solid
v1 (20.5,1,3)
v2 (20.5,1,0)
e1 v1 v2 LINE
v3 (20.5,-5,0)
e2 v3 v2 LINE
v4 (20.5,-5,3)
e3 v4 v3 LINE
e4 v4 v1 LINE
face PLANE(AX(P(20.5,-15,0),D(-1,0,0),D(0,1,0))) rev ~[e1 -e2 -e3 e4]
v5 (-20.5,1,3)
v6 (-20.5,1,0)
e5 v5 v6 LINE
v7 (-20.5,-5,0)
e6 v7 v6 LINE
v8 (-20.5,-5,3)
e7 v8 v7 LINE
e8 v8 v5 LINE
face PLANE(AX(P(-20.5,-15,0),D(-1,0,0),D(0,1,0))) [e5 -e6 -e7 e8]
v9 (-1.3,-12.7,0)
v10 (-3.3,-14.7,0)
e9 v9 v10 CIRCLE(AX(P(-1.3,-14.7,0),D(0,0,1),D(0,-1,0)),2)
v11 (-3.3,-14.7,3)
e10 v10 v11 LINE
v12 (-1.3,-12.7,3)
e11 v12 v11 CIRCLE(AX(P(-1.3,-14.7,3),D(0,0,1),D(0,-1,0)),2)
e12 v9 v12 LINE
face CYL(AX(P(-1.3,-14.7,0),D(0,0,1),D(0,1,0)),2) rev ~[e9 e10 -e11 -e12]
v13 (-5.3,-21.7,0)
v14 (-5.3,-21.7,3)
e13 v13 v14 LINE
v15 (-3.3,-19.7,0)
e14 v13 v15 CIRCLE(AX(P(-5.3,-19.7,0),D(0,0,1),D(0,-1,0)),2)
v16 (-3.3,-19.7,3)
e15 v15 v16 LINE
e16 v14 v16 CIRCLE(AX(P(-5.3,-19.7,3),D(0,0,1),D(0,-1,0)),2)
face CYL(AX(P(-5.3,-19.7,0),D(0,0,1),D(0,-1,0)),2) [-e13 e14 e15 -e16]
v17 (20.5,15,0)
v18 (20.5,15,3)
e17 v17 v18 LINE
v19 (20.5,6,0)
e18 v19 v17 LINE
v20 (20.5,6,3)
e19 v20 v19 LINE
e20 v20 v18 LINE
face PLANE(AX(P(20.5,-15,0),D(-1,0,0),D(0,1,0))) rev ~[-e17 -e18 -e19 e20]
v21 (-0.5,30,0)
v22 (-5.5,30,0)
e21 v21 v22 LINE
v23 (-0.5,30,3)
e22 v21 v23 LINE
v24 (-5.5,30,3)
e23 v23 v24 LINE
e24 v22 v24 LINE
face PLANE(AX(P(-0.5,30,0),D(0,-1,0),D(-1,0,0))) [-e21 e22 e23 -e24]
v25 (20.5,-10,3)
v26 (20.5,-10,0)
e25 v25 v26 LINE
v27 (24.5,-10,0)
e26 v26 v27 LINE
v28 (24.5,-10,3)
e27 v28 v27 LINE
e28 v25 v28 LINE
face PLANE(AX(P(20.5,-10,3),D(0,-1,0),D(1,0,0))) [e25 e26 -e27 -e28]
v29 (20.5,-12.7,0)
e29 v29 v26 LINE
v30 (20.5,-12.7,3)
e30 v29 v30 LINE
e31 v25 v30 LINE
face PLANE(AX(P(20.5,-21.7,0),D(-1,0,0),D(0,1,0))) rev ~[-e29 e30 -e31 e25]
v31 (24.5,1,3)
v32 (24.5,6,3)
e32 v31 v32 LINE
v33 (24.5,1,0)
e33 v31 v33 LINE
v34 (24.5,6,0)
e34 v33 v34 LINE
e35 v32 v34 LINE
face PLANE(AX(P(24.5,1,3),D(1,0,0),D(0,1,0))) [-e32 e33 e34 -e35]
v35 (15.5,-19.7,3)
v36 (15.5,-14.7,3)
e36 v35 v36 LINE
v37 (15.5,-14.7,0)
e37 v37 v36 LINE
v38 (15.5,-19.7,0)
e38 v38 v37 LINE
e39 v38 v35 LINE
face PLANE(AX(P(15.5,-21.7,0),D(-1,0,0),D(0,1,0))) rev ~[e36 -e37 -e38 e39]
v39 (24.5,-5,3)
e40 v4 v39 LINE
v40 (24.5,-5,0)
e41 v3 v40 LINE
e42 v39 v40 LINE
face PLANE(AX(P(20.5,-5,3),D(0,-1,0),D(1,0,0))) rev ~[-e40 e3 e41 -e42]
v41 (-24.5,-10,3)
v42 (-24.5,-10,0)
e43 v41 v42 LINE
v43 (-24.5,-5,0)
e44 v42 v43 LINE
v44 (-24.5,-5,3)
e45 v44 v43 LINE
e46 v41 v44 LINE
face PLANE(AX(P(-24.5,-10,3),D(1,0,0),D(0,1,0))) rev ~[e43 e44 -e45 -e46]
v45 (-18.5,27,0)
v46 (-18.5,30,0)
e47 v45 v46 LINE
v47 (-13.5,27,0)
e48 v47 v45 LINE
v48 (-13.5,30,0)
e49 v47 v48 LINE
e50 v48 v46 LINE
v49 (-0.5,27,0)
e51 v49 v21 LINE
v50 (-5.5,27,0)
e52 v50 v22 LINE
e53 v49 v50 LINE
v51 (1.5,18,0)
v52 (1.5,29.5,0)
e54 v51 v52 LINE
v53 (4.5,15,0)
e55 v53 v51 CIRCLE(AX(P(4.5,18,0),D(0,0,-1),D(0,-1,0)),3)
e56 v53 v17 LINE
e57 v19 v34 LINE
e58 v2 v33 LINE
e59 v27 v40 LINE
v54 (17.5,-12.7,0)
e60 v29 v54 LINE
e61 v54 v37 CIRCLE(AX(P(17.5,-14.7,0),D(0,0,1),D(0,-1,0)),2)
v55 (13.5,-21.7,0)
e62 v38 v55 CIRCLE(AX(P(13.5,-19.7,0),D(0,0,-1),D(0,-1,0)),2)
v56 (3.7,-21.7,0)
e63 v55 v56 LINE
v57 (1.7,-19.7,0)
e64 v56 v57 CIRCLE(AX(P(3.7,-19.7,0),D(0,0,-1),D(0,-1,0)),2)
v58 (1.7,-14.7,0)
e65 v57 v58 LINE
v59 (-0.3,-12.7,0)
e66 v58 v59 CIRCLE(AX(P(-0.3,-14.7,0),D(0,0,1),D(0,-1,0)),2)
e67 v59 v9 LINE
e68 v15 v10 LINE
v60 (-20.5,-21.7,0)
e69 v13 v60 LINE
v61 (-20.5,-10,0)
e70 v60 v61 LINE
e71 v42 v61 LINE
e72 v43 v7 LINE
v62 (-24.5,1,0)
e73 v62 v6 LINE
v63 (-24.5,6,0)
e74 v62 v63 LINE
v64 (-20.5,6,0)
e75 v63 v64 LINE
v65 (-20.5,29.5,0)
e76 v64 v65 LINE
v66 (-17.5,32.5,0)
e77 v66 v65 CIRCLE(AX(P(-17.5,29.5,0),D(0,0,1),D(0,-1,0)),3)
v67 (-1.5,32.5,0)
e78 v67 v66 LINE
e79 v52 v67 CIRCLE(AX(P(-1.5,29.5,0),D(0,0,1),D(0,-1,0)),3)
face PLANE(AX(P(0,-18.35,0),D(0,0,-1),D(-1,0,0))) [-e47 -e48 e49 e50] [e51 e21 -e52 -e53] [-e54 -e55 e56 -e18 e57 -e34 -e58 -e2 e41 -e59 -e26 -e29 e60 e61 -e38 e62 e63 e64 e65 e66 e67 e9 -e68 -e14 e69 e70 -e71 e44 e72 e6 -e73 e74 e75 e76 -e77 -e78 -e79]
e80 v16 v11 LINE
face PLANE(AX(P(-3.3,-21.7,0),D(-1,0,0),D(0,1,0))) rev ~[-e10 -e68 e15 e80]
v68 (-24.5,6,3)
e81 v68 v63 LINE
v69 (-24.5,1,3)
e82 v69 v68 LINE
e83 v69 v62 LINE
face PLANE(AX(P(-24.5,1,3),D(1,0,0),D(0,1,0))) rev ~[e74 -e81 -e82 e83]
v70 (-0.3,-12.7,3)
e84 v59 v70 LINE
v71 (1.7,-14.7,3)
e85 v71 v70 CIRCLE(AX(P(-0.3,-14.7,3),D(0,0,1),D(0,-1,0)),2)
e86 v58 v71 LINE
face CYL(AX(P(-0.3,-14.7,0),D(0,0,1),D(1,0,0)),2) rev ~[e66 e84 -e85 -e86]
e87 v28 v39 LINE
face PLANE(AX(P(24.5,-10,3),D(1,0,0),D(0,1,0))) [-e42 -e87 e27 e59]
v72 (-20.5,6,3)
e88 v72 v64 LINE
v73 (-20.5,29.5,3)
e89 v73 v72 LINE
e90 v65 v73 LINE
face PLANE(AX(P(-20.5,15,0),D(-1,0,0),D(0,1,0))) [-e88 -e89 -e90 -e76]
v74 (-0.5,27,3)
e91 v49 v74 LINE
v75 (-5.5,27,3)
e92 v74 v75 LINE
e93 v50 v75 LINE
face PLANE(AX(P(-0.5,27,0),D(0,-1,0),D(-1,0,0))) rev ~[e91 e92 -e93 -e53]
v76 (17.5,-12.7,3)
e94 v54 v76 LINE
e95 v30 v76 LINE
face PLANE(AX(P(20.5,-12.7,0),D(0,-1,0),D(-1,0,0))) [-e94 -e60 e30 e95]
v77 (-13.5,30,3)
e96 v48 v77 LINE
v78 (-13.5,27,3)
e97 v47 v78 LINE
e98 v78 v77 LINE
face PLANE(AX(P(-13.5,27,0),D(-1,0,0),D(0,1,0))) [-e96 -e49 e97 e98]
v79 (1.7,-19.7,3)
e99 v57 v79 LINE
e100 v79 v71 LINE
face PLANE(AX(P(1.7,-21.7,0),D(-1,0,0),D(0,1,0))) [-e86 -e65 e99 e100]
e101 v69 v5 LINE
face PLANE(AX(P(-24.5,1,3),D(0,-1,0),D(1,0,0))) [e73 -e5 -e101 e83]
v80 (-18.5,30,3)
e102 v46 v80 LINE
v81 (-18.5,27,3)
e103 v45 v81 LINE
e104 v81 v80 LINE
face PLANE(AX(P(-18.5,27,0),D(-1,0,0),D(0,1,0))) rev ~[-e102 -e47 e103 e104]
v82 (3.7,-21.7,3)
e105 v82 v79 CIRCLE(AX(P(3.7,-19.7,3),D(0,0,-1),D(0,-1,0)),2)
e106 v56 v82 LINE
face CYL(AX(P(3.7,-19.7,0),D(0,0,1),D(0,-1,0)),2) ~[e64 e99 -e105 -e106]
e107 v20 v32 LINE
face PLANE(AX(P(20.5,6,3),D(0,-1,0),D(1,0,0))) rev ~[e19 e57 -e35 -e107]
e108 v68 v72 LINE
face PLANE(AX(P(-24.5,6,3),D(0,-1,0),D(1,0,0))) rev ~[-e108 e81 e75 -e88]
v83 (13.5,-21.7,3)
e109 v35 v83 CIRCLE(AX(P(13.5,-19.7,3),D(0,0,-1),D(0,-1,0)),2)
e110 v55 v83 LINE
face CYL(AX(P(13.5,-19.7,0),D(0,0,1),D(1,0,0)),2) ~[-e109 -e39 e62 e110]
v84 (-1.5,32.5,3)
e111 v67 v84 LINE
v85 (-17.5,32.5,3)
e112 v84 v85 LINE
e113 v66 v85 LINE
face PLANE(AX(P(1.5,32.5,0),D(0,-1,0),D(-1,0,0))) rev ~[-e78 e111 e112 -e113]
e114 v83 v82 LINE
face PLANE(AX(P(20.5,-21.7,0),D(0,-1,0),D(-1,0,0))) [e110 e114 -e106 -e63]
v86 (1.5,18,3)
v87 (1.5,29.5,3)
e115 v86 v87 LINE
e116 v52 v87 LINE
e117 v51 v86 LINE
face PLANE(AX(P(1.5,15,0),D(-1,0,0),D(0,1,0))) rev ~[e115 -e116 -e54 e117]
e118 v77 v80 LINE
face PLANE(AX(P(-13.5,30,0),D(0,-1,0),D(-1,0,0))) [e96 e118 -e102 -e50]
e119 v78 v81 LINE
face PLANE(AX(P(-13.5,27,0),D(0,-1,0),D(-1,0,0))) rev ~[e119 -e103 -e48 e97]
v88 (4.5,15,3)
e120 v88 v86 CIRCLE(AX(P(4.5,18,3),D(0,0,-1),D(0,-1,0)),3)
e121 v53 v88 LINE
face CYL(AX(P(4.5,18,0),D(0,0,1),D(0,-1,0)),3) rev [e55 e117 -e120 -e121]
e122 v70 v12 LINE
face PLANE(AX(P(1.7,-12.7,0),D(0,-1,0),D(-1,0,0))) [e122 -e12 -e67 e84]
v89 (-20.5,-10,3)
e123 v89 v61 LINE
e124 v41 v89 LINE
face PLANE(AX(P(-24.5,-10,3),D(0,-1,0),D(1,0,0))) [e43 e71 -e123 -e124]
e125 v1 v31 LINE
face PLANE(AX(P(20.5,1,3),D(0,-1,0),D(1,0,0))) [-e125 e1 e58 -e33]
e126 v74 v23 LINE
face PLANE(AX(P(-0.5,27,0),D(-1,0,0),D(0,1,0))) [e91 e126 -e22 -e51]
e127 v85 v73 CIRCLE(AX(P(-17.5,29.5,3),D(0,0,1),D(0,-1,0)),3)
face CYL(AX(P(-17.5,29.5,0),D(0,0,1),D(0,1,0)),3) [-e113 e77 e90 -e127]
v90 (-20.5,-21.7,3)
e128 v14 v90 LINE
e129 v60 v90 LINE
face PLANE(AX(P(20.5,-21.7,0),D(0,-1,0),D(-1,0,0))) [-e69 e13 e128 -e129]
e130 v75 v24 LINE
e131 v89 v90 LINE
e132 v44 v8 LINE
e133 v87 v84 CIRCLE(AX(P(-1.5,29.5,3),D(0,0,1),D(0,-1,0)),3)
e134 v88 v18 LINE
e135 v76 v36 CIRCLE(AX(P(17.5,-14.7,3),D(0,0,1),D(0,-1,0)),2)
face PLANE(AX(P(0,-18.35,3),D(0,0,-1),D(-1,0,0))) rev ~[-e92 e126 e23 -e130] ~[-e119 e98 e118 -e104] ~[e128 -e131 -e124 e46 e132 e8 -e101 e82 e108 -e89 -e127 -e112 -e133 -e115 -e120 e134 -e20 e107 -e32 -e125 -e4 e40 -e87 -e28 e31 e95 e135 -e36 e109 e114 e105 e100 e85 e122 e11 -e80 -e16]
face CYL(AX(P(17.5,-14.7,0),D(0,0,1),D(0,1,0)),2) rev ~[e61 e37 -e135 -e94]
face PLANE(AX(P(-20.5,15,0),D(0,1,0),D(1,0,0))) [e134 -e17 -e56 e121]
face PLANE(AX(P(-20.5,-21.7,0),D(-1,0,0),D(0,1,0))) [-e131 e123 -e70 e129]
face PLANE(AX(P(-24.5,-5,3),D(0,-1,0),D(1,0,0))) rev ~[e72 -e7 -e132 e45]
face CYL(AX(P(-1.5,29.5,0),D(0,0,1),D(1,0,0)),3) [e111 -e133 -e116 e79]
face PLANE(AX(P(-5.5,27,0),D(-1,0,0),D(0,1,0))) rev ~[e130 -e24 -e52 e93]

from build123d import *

# Parameters (mm, degrees)
SKETCH_1_W          = 41
SKETCH_1_H          = 30
EXTRUDE_1_DEPTH     = 3
SKETCH_2_W          = 4
SKETCH_2_H          = 5
EXTRUDE_2_DEPTH     = 3
SKETCH_3_W          = 22
SKETCH_3_H          = 17.5
EXTRUDE_3_DEPTH     = 3
SKETCH_4_W          = 5
SKETCH_4_H          = 3
CUT_EXTRUDE_1_DEPTH = 10
SKETCH_5_W          = 41
SKETCH_5_H          = 6.7
EXTRUDE_4_DEPTH     = 3
SKETCH_6_W          = 5
SKETCH_6_H          = 9
CUT_EXTRUDE_2_DEPTH = 10
FILLET_1_R          = 3
FILLET_2_R          = 2


with BuildPart() as part:
    # 草图1 → 凸台-拉伸1 (new body)
    with BuildSketch(Plane.XY):
        Rectangle(SKETCH_1_W, SKETCH_1_H)
    extrude(amount=EXTRUDE_1_DEPTH)

    # 草图2 → 凸台-拉伸2 (add)
    with BuildSketch(Plane.XY.offset(3)):
        with Locations((22.5, -7.5)):
            Rectangle(SKETCH_2_W, SKETCH_2_H)
        with Locations((22.5, 3.5)):
            Rectangle(SKETCH_2_W, SKETCH_2_H)
        with Locations((-22.5, -7.5)):
            Rectangle(SKETCH_2_W, SKETCH_2_H)
        with Locations((-22.5, 3.5)):
            Rectangle(SKETCH_2_W, SKETCH_2_H)
    extrude(amount=-EXTRUDE_2_DEPTH)

    # 草图3 → 凸台-拉伸3 (add)
    with BuildSketch(Plane(origin=(0, 0, 0), x_dir=(-1, 0, 0), z_dir=(0, 0, -1))):
        with Locations((9.5, 23.75)):
            Rectangle(SKETCH_3_W, SKETCH_3_H)
    extrude(amount=-EXTRUDE_3_DEPTH)

    # 草图4 → 切除-拉伸1 (cut)
    with BuildSketch(Plane(origin=(0, 0, 0), x_dir=(-1, 0, 0), z_dir=(0, 0, -1))):
        with Locations((3, 28.5)):
            Rectangle(SKETCH_4_W, SKETCH_4_H)
        with Locations((16, 28.5)):
            Rectangle(SKETCH_4_W, SKETCH_4_H)
    extrude(amount=-CUT_EXTRUDE_1_DEPTH, mode=Mode.SUBTRACT)

    # 草图5 → 凸台-拉伸4 (add)
    with BuildSketch(Plane(origin=(0, 0, 0), x_dir=(-1, 0, 0), z_dir=(0, 0, -1))):
        with Locations((0, -18.35)):
            Rectangle(SKETCH_5_W, SKETCH_5_H)
    extrude(amount=-EXTRUDE_4_DEPTH)

    # 草图6 → 切除-拉伸2 (cut)
    with BuildSketch(Plane(origin=(0, 0, 0), x_dir=(-1, 0, 0), z_dir=(0, 0, -1))):
        with Locations((0.8, -17.2)):
            Rectangle(SKETCH_6_W, SKETCH_6_H)
        with Locations((-18, -17.2)):
            Rectangle(SKETCH_6_W, SKETCH_6_H)
    extrude(amount=-CUT_EXTRUDE_2_DEPTH, mode=Mode.SUBTRACT)

    # 圆角1
    fillet_1_edges = [part.edges().sort_by_distance(p)[0] for p in [
        (-20.5, 32.5, 1.5),
        (1.5, 15, 1.5),
        (1.5, 32.5, 1.5),
    ]]
    fillet(fillet_1_edges, radius=FILLET_1_R)

    # 圆角2
    fillet_2_edges = [part.edges().sort_by_distance(p)[0] for p in [
        (1.7, -21.7, 1.5),
        (-3.3, -21.7, 1.5),
        (15.5, -21.7, 1.5),
        (15.5, -12.7, 1.5),
        (1.7, -12.7, 1.5),
        (-3.3, -12.7, 1.5),
    ]]
    fillet(fillet_2_edges, radius=FILLET_2_R)


solid = part.part
